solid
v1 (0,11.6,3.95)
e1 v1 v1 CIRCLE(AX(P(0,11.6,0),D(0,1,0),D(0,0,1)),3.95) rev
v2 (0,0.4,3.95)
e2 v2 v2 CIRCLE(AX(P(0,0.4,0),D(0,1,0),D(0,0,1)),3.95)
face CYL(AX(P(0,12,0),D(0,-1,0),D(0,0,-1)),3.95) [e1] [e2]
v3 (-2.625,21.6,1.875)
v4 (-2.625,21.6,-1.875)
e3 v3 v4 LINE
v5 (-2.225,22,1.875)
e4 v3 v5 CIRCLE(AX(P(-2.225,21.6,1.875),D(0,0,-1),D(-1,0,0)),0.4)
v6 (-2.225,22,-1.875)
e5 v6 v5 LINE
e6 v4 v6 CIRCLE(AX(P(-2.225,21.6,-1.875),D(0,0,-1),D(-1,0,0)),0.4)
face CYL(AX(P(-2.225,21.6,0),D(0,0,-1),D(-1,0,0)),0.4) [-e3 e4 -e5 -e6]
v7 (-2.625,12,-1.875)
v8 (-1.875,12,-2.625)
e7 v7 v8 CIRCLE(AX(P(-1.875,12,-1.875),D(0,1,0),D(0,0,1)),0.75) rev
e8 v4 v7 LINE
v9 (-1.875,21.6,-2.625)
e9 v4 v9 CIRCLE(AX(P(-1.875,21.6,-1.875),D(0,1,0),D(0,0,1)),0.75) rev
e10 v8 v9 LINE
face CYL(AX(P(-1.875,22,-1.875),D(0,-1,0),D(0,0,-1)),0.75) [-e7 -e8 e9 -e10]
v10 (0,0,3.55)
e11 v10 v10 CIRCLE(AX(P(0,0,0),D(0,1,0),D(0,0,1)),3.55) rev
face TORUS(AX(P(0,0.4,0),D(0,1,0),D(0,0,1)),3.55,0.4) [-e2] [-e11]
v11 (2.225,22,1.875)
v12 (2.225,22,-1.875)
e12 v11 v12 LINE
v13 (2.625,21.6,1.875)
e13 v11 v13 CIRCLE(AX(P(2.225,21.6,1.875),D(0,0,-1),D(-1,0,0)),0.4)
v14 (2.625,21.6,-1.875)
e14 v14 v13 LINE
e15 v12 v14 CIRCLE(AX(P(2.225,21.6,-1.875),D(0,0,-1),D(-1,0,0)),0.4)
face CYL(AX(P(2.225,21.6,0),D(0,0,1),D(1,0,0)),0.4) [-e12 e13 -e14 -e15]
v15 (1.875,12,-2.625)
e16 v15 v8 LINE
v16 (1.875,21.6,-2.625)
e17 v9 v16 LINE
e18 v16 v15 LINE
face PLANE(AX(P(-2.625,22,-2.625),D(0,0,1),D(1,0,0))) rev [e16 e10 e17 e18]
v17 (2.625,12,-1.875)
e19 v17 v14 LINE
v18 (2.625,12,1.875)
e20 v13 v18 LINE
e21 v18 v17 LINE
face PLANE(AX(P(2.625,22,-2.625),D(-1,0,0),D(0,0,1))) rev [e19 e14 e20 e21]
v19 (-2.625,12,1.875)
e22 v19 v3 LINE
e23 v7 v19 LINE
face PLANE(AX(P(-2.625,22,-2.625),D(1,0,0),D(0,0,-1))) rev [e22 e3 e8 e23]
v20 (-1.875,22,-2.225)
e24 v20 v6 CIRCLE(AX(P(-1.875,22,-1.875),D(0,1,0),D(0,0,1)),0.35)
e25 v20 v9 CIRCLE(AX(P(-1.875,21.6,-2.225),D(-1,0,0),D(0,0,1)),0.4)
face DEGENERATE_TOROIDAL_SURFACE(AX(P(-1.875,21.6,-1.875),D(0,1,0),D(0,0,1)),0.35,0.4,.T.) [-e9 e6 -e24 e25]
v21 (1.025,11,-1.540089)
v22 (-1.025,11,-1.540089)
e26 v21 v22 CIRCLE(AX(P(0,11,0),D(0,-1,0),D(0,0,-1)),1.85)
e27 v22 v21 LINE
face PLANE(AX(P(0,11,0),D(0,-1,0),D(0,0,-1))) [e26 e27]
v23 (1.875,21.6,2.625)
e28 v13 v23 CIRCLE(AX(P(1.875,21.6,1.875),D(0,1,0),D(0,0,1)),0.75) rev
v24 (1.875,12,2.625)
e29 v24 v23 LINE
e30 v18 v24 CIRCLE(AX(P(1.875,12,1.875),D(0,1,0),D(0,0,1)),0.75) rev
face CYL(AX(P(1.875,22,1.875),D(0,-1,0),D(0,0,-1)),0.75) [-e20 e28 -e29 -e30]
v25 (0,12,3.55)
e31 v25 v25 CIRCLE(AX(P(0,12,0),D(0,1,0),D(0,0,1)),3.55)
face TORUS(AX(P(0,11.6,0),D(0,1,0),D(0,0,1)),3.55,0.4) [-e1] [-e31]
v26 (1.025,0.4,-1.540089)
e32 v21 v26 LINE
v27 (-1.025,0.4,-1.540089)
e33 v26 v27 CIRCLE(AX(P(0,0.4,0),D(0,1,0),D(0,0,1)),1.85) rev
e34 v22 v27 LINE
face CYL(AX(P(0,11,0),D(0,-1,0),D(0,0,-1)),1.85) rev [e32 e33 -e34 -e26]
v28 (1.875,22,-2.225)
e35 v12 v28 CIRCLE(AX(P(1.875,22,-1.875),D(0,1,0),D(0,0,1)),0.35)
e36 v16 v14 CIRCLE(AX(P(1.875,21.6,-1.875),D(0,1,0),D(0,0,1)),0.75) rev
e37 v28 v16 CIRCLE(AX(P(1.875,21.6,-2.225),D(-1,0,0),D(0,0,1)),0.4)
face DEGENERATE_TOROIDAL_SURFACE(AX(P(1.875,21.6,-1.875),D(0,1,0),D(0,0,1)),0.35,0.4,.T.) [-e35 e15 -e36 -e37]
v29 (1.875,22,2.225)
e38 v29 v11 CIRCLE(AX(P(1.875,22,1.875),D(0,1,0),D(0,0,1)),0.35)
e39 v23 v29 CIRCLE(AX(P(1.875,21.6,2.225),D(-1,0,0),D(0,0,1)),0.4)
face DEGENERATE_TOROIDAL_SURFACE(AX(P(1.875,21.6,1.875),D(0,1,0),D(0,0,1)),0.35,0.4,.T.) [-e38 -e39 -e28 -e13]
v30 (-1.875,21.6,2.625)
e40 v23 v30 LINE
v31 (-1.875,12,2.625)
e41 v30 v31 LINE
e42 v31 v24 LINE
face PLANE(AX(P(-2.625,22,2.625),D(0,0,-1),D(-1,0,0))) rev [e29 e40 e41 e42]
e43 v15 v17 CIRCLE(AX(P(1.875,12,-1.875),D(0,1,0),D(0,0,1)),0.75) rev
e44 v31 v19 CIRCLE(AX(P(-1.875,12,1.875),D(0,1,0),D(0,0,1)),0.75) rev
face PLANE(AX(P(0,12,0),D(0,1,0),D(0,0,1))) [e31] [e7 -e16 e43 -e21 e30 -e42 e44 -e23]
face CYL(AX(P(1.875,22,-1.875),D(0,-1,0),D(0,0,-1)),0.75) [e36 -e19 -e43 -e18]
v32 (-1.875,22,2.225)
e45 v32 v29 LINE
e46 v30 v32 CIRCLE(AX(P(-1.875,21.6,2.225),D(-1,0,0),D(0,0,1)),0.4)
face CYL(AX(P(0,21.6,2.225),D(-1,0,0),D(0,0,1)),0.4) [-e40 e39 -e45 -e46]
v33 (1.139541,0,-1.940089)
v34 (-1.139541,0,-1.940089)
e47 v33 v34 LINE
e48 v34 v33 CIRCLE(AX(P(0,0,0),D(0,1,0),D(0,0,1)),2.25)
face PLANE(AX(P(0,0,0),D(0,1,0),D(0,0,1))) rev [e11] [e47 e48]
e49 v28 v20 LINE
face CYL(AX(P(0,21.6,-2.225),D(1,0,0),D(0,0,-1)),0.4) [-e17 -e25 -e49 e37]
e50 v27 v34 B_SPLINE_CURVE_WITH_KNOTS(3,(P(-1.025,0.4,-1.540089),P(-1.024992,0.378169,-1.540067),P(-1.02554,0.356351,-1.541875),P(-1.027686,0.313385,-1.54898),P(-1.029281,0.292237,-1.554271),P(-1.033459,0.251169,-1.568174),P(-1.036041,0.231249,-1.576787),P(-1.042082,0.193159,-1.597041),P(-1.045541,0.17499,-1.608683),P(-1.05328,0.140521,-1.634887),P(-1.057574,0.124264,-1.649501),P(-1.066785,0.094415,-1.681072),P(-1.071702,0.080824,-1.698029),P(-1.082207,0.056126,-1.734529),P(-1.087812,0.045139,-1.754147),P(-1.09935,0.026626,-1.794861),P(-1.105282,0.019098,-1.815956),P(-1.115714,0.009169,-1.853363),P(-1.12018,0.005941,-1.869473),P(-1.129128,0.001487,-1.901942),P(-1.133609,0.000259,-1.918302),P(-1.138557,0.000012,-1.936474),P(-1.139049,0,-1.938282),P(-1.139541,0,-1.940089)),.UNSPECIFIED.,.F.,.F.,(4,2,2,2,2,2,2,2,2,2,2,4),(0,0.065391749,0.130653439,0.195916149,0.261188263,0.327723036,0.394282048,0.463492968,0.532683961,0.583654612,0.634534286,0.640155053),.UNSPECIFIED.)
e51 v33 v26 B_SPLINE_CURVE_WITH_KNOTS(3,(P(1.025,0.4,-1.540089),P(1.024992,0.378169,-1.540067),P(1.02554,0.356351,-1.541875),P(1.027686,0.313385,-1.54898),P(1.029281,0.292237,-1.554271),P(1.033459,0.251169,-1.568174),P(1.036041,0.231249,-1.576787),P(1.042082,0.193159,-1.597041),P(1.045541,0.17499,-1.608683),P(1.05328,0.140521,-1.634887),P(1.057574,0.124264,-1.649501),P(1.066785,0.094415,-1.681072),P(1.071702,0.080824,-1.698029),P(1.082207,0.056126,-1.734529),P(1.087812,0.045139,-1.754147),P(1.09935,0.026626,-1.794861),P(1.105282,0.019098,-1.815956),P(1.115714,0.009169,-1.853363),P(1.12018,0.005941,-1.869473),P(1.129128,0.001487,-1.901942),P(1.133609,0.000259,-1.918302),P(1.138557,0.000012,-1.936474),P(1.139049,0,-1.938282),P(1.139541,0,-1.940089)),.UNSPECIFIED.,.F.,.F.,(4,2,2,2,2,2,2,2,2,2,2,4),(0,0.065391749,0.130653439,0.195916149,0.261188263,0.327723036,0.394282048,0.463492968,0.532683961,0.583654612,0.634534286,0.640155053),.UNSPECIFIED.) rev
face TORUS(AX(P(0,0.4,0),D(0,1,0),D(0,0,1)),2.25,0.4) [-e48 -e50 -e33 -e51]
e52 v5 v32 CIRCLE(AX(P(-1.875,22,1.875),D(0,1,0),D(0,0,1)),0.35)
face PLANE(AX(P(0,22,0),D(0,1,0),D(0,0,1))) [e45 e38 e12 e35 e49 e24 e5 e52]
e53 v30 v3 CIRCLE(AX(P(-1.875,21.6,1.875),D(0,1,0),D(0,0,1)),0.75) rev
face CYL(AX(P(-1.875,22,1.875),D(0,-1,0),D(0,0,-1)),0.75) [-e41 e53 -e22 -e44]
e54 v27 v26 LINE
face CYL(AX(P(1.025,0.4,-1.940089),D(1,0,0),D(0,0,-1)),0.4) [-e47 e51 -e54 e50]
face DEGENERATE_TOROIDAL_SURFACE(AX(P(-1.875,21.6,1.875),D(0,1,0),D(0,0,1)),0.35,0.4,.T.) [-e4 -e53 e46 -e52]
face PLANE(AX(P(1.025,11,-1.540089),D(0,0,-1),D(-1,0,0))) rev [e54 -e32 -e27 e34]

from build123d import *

# Parameters (mm, degrees)
SKETCH1_R           = 3.95
BOSS_EXTRUDE1_DEPTH = 12
SKETCH2_W           = 5.25
SKETCH2_H           = 5.25
BOSS_EXTRUDE2_DEPTH = 10
CUT_EXTRUDE1_DEPTH  = 11
FILLET1_R           = 0.75
FILLET2_R           = 0.4


with BuildPart() as part:
    # Sketch1 → Boss-Extrude1 (new body)
    with BuildSketch(Plane(origin=(0, 0, 0), x_dir=(1, 0, 0), z_dir=(0, 1, 0))):
        with Locations(Location((0, 0, 0), (0, 0, 270))):
            Circle(SKETCH1_R)
    extrude(amount=BOSS_EXTRUDE1_DEPTH)

    # Sketch2 → Boss-Extrude2 (add)
    with BuildSketch(Plane(origin=(0, 12, 0), x_dir=(1, 0, 0), z_dir=(0, 1, 0))):
        Rectangle(SKETCH2_W, SKETCH2_H)
    extrude(amount=BOSS_EXTRUDE2_DEPTH)

    # Sketch3 → Cut-Extrude1 (cut)
    with BuildSketch(Plane.XZ):
        with BuildLine():
            Line((1.025, -1.540089283), (-1.025, -1.540089283))
            ThreePointArc((-1.025, -1.540089283), (0, 1.85), (1.025, -1.540089283))
        make_face()
    extrude(amount=-CUT_EXTRUDE1_DEPTH, mode=Mode.SUBTRACT)

    # Fillet1
    fillet1_edges = [part.edges().sort_by_distance(p)[0] for p in [
        (-2.625, 17, -2.625),
        (-2.625, 17, 2.625),
        (2.625, 17, 2.625),
        (2.625, 17, -2.625),
    ]]
    fillet(fillet1_edges, radius=FILLET1_R)

    # Fillet2
    fillet2_edges = [part.edges().sort_by_distance(p)[0] for p in [
        (0, 0, 1.85),
        (0, 0, -1.540089283),
        (0, 0, -3.95),
        (2.625, 22, 0),
        (0, 22, 2.625),
        (-2.625, 22, 0),
        (0, 22, -2.625),
        (-2.405330086, 22, 2.405330086),
        (-2.405330086, 22, -2.405330086),
        (2.405330086, 22, -2.405330086),
        (2.405330086, 22, 2.405330086),
        (0, 12, -3.95),
    ]]
    fillet(fillet2_edges, radius=FILLET2_R)


solid = part.part
